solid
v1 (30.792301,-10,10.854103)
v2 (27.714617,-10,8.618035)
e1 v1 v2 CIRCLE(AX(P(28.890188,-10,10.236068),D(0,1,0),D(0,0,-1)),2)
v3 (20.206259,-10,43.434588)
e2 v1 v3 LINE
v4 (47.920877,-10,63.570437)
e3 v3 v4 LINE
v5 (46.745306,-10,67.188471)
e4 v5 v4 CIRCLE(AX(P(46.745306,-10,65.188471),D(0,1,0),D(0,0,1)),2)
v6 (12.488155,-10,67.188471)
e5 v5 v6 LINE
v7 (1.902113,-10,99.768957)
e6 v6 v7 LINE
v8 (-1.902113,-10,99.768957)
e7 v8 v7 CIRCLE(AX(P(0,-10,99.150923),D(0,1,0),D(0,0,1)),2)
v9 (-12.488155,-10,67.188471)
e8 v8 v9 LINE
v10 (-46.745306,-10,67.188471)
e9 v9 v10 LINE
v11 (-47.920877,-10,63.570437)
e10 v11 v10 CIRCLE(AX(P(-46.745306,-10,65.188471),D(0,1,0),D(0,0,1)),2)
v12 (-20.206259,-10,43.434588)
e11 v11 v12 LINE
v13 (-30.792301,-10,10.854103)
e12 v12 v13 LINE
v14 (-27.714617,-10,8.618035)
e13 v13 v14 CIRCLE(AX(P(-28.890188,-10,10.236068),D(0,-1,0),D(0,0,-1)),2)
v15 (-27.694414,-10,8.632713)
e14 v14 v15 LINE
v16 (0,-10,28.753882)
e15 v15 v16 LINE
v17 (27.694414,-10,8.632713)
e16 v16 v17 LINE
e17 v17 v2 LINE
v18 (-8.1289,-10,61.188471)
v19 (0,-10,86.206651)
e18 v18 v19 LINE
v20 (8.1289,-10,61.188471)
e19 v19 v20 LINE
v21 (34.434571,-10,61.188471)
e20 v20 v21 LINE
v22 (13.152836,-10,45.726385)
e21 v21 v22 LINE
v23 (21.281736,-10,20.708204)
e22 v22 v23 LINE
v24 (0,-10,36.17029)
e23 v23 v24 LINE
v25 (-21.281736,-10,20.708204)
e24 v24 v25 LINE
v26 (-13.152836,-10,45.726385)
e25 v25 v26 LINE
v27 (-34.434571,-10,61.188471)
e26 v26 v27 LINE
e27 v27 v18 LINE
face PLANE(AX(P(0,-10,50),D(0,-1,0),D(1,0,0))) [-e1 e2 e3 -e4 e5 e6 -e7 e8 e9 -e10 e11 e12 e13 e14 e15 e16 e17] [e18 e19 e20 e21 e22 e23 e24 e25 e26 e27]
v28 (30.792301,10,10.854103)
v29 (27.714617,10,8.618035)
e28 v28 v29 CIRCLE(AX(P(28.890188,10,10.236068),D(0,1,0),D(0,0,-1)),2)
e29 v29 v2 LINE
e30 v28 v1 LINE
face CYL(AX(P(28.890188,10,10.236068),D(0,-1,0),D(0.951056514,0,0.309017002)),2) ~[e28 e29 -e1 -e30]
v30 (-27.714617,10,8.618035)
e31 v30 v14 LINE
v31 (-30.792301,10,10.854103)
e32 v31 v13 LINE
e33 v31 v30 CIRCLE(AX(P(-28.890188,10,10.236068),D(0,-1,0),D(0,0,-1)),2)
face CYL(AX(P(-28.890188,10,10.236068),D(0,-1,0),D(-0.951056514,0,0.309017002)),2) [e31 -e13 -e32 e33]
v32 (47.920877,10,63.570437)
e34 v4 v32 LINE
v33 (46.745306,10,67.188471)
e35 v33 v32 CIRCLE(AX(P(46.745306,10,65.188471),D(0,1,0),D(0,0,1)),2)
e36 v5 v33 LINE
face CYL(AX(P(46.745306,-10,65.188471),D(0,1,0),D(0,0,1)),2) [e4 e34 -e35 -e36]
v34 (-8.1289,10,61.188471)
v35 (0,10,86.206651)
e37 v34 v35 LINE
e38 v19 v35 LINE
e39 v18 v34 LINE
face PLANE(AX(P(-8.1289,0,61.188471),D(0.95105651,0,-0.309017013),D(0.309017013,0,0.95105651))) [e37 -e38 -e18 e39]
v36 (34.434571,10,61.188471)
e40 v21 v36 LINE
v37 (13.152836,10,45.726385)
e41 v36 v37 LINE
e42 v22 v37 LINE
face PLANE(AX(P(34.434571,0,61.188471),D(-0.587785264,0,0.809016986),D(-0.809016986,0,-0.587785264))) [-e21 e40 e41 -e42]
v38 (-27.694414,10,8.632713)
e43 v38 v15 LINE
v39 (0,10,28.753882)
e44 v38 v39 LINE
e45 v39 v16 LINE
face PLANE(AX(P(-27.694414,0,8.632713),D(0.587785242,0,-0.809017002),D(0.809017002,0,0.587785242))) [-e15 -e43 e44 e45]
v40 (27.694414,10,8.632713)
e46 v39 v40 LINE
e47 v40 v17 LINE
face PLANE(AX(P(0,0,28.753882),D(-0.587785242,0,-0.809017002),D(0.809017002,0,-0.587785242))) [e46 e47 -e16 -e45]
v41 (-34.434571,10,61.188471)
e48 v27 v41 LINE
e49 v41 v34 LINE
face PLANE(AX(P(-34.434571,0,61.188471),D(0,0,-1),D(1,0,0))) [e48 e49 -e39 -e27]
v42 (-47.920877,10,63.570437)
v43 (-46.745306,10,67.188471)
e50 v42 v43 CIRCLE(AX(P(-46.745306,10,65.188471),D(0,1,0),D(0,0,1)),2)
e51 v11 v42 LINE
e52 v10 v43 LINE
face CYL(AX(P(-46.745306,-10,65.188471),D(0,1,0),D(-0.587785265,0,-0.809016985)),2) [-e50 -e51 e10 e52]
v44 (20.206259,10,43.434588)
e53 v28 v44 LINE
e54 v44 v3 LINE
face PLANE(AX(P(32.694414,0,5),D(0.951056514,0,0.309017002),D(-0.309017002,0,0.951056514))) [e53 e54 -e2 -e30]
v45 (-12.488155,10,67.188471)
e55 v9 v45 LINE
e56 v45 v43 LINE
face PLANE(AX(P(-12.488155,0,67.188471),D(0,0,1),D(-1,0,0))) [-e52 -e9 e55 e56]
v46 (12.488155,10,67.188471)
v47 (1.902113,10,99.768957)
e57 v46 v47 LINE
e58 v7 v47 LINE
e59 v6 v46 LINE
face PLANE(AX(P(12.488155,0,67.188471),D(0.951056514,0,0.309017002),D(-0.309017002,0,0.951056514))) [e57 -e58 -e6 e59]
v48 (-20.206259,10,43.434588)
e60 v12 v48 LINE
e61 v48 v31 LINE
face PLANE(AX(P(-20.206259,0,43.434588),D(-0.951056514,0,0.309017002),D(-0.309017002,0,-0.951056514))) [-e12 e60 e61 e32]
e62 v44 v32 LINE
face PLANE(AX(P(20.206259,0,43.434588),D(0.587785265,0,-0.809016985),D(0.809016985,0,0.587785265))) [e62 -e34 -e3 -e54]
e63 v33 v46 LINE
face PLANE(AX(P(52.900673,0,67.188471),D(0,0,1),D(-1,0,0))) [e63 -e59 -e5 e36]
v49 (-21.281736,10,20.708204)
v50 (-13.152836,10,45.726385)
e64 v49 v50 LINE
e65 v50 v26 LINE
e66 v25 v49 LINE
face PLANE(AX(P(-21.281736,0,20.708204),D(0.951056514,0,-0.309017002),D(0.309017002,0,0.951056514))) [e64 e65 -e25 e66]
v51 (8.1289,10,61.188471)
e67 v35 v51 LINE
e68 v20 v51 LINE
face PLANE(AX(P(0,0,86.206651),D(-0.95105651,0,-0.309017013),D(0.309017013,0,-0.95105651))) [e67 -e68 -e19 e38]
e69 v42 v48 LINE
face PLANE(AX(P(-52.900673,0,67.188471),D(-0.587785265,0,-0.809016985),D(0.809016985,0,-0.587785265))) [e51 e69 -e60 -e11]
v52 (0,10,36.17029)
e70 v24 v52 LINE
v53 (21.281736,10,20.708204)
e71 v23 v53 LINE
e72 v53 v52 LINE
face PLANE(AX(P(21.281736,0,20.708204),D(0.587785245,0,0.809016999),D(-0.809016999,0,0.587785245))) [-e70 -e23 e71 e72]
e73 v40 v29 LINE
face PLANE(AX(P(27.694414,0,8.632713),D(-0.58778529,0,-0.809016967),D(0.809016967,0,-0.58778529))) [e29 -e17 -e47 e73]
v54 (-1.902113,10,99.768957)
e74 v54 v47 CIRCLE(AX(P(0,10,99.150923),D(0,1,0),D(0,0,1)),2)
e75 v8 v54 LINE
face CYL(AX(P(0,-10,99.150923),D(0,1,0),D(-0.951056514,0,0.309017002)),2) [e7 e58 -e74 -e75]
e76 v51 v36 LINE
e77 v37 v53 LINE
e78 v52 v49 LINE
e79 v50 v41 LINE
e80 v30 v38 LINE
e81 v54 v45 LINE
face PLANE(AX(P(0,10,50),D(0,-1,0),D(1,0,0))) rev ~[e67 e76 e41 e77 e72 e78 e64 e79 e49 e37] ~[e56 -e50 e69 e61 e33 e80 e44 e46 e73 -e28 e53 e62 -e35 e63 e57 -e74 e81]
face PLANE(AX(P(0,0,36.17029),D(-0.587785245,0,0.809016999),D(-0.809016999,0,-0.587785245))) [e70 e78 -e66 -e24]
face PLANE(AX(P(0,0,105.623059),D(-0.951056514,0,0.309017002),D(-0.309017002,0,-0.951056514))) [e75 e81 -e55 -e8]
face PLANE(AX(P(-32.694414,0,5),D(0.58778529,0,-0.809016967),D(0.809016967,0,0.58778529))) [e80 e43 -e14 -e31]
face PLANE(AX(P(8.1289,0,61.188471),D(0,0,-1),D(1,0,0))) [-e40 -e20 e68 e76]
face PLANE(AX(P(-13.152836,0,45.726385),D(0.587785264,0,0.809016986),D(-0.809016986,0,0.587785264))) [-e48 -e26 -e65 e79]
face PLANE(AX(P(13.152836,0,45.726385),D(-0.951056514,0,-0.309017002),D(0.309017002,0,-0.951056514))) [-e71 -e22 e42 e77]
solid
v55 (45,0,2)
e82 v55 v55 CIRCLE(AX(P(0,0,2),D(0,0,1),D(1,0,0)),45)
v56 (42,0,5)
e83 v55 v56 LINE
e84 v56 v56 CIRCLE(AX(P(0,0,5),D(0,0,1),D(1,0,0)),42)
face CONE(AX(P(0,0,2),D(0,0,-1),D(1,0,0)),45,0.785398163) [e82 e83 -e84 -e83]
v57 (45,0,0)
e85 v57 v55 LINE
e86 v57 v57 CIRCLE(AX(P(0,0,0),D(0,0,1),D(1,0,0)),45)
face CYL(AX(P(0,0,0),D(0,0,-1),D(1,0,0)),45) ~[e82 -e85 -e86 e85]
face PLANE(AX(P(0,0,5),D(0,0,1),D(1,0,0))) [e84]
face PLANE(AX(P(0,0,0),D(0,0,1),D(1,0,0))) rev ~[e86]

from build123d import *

# Parameters (mm, degrees)
F0_R     = 45
F1_DEPTH = 5
F3_DEPTH = 10
F4_SIZE  = 3
F5_R     = 2


with BuildPart() as f1:
    # F0 (on Top) → F1 (new body)
    with BuildSketch(Plane.XY):
        Circle(F0_R)
    extrude(amount=F1_DEPTH)

    # F4
    f4_edges = [f1.edges().sort_by_distance(p)[0] for p in [
        (-45, 0, 5),
    ]]
    chamfer(f4_edges, length=F4_SIZE)


with BuildPart() as f3:
    # F2 (on Front) → F3 (new body, symmetric)
    with BuildSketch(Plane.XZ):
        Polygon((-20.206259, 43.434588), (-32.694414, 5), (-27.694414, 8.632713), (0, 28.753882), (27.694414, 8.632713), (32.694414, 5), (20.206259, 43.434588), (52.900673, 67.188471), (12.488155, 67.188471), (0, 105.623059), (-12.488155, 67.188471), (-52.900673, 67.188471), align=None)
        Polygon((-13.152836, 45.726385), (-34.434571, 61.188471), (-8.1289, 61.188471), (0, 86.206651), (8.1289, 61.188471), (34.434571, 61.188471), (13.152836, 45.726385), (21.281736, 20.708204), (0, 36.17029), (-21.281736, 20.708204), align=None, mode=Mode.SUBTRACT)
    extrude(amount=F3_DEPTH, both=True)

    # F5
    f5_edges = [f3.edges().sort_by_distance(p)[0] for p in [
        (0, 0, 105.623059),
        (52.900673, 0, 67.188471),
        (32.694414, 0, 5),
        (-32.694414, 0, 5),
        (-52.900673, 0, 67.188471),
    ]]
    fillet(f5_edges, radius=F5_R)


solid = Compound([f1.part, f3.part])
